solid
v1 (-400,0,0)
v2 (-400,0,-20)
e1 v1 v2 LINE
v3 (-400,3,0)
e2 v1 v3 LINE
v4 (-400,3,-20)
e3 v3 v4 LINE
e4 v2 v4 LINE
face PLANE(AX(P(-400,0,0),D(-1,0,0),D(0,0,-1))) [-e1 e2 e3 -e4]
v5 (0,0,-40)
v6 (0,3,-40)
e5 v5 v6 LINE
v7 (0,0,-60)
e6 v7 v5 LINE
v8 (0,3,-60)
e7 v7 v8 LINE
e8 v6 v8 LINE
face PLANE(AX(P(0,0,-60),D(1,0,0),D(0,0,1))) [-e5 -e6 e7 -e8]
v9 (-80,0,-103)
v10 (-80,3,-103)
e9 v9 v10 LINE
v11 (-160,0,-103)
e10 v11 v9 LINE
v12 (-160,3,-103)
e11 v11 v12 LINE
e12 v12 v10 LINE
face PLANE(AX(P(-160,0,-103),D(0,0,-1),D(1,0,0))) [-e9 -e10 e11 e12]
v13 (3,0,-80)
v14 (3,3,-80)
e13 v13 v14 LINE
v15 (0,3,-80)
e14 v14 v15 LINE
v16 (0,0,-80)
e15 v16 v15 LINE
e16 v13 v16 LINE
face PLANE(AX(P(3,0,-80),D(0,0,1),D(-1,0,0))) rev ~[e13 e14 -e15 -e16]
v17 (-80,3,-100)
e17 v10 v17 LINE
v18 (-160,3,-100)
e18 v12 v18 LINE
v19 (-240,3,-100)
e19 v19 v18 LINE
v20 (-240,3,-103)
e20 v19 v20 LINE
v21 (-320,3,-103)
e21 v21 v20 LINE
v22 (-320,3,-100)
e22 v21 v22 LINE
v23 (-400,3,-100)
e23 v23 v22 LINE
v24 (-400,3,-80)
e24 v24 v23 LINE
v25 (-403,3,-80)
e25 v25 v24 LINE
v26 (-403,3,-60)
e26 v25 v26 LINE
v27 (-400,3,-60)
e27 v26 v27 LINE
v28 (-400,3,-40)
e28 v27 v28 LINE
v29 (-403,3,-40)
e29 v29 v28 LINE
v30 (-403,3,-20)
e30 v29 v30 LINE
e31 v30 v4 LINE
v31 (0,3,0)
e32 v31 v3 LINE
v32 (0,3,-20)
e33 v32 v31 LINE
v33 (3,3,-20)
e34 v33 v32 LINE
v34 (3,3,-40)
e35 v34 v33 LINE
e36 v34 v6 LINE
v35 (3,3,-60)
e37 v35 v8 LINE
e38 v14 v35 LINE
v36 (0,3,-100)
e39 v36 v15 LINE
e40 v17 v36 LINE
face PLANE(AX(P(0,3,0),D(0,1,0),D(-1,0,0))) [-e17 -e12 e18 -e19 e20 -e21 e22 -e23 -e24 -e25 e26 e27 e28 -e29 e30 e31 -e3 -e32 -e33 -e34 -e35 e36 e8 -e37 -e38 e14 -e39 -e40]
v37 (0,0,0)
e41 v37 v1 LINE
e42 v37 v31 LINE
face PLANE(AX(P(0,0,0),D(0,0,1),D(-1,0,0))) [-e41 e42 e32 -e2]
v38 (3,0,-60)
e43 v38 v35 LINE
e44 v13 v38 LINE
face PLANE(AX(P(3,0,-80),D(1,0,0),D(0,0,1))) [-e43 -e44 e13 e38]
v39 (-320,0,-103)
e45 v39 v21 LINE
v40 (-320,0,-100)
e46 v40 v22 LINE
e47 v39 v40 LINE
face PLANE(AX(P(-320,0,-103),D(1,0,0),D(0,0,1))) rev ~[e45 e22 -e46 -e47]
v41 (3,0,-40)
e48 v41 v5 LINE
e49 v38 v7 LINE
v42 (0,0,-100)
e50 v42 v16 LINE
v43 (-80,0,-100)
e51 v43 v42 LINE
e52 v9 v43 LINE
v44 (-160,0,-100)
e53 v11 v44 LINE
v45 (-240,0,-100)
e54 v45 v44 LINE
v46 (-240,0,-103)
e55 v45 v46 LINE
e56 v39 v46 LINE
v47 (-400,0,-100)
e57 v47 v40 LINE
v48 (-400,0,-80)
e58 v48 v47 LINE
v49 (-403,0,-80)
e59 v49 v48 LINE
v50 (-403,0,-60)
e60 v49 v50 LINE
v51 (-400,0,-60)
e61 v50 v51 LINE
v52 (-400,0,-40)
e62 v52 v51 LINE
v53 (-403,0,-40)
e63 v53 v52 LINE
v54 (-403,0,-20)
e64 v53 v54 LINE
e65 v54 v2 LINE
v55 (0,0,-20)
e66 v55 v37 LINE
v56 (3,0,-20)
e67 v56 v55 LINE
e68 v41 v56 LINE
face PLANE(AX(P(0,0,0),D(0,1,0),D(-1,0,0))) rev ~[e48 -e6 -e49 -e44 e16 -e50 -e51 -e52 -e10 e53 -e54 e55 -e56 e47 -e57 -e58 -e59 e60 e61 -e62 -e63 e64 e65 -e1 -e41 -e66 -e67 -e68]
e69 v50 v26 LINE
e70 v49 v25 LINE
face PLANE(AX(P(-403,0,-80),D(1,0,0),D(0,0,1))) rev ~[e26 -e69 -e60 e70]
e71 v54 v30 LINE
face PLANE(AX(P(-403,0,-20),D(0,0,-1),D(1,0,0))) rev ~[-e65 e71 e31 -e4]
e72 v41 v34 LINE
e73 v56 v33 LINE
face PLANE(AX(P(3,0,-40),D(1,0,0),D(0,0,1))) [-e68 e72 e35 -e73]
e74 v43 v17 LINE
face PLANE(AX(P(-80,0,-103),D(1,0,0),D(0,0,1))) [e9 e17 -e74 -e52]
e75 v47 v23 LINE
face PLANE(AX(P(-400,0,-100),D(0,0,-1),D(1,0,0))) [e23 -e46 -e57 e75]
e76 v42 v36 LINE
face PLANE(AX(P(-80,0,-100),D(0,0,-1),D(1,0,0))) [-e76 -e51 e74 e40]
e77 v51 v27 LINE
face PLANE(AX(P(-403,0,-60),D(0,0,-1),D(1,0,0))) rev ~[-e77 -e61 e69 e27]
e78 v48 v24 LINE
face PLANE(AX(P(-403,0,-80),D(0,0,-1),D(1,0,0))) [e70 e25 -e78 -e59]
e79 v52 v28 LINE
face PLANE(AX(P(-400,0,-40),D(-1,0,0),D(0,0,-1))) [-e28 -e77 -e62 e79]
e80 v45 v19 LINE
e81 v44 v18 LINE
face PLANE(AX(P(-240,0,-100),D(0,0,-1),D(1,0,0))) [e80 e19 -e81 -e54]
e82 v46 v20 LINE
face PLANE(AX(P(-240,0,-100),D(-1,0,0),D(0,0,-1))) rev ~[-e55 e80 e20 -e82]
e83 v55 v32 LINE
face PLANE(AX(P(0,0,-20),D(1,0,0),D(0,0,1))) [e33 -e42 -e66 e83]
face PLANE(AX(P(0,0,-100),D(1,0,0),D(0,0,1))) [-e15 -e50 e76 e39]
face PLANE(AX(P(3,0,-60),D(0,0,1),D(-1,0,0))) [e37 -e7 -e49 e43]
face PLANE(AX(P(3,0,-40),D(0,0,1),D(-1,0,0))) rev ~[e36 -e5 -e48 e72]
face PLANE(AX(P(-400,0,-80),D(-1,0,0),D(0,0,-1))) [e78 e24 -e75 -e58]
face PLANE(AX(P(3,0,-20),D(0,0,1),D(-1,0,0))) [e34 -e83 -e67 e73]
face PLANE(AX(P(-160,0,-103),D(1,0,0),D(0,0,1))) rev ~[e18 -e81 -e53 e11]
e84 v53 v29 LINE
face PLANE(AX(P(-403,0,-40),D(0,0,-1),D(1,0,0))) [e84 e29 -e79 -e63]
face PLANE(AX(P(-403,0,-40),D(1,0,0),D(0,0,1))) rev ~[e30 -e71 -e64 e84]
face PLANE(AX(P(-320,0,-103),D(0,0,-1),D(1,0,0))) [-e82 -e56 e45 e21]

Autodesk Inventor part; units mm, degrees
ref_plane "YZ Plane" through (0, 0, 0) normal (1, 0, 0) x (0, 1, 0)
ref_plane "XZ Plane" through (0, 0, 0) normal (0, 1, 0) x (-1, 0, 0)
ref_plane "XY Plane" through (0, 0, 0) normal (0, 0, 1) x (1, 0, 0)
sketch "Sketch1" plane through (0, 0, 0) normal (0, 1, 0) x (-1, 0, 0)
  line L0 (0, 0) -> (400, 0)
  line L1 (400, 0) -> (400, -100)
  line L2 (400, -100) -> (0, -100)
  line L3 (320, -103) -> (320, -100)
  line L4 (80, -103) -> (80, -100)
  line L5 (240, -100) -> (240, -103)
  line L6 (160, -103) -> (160, -100)
  line L7 (400, -25) -> (400, -50)
  line L8 (200, 0) -> (200, -100) construction
  line L9 (320, -103) -> (240, -103)
  line L10 (160, -103) -> (80, -103)
  line L11 (400, 0) -> (0, 0)
  line L12 (400, -100) -> (400, 0)
  line L13 (400, -25) -> (400, -50)
  line L14 (400, 0) -> (400, -100)
  line L15 (0, -100) -> (0, 0)
  line L16 (403, -80) -> (400, -80)
  line L17 (403, -80) -> (403, -60)
  line L18 (403, -60) -> (400, -60)
  line L19 (403, -40) -> (400, -40)
  line L20 (403, -40) -> (403, -20)
  line L21 (403, -20) -> (400, -20)
  line L22 (0, -25) -> (0, -50)
  line L23 (0, -25) -> (0, -50)
  line L24 (0, -100) -> (0, 0)
  line L25 (-3, -80) -> (0, -80)
  line L26 (-3, -80) -> (-3, -60)
  line L27 (-3, -60) -> (0, -60)
  line L28 (-3, -40) -> (0, -40)
  line L29 (-3, -40) -> (-3, -20)
  line L30 (-3, -20) -> (0, -20)
  dimension "d1" = 100
  dimension "d7" = 3
  dimension "d8" = 80
  dimension "d17" = 20
  dimension "d18" = 20
  dimension "d19" = 20
extrude "Extrusion1" add sketch "Sketch1" along normal blind 3
properties part number "Estante int"
